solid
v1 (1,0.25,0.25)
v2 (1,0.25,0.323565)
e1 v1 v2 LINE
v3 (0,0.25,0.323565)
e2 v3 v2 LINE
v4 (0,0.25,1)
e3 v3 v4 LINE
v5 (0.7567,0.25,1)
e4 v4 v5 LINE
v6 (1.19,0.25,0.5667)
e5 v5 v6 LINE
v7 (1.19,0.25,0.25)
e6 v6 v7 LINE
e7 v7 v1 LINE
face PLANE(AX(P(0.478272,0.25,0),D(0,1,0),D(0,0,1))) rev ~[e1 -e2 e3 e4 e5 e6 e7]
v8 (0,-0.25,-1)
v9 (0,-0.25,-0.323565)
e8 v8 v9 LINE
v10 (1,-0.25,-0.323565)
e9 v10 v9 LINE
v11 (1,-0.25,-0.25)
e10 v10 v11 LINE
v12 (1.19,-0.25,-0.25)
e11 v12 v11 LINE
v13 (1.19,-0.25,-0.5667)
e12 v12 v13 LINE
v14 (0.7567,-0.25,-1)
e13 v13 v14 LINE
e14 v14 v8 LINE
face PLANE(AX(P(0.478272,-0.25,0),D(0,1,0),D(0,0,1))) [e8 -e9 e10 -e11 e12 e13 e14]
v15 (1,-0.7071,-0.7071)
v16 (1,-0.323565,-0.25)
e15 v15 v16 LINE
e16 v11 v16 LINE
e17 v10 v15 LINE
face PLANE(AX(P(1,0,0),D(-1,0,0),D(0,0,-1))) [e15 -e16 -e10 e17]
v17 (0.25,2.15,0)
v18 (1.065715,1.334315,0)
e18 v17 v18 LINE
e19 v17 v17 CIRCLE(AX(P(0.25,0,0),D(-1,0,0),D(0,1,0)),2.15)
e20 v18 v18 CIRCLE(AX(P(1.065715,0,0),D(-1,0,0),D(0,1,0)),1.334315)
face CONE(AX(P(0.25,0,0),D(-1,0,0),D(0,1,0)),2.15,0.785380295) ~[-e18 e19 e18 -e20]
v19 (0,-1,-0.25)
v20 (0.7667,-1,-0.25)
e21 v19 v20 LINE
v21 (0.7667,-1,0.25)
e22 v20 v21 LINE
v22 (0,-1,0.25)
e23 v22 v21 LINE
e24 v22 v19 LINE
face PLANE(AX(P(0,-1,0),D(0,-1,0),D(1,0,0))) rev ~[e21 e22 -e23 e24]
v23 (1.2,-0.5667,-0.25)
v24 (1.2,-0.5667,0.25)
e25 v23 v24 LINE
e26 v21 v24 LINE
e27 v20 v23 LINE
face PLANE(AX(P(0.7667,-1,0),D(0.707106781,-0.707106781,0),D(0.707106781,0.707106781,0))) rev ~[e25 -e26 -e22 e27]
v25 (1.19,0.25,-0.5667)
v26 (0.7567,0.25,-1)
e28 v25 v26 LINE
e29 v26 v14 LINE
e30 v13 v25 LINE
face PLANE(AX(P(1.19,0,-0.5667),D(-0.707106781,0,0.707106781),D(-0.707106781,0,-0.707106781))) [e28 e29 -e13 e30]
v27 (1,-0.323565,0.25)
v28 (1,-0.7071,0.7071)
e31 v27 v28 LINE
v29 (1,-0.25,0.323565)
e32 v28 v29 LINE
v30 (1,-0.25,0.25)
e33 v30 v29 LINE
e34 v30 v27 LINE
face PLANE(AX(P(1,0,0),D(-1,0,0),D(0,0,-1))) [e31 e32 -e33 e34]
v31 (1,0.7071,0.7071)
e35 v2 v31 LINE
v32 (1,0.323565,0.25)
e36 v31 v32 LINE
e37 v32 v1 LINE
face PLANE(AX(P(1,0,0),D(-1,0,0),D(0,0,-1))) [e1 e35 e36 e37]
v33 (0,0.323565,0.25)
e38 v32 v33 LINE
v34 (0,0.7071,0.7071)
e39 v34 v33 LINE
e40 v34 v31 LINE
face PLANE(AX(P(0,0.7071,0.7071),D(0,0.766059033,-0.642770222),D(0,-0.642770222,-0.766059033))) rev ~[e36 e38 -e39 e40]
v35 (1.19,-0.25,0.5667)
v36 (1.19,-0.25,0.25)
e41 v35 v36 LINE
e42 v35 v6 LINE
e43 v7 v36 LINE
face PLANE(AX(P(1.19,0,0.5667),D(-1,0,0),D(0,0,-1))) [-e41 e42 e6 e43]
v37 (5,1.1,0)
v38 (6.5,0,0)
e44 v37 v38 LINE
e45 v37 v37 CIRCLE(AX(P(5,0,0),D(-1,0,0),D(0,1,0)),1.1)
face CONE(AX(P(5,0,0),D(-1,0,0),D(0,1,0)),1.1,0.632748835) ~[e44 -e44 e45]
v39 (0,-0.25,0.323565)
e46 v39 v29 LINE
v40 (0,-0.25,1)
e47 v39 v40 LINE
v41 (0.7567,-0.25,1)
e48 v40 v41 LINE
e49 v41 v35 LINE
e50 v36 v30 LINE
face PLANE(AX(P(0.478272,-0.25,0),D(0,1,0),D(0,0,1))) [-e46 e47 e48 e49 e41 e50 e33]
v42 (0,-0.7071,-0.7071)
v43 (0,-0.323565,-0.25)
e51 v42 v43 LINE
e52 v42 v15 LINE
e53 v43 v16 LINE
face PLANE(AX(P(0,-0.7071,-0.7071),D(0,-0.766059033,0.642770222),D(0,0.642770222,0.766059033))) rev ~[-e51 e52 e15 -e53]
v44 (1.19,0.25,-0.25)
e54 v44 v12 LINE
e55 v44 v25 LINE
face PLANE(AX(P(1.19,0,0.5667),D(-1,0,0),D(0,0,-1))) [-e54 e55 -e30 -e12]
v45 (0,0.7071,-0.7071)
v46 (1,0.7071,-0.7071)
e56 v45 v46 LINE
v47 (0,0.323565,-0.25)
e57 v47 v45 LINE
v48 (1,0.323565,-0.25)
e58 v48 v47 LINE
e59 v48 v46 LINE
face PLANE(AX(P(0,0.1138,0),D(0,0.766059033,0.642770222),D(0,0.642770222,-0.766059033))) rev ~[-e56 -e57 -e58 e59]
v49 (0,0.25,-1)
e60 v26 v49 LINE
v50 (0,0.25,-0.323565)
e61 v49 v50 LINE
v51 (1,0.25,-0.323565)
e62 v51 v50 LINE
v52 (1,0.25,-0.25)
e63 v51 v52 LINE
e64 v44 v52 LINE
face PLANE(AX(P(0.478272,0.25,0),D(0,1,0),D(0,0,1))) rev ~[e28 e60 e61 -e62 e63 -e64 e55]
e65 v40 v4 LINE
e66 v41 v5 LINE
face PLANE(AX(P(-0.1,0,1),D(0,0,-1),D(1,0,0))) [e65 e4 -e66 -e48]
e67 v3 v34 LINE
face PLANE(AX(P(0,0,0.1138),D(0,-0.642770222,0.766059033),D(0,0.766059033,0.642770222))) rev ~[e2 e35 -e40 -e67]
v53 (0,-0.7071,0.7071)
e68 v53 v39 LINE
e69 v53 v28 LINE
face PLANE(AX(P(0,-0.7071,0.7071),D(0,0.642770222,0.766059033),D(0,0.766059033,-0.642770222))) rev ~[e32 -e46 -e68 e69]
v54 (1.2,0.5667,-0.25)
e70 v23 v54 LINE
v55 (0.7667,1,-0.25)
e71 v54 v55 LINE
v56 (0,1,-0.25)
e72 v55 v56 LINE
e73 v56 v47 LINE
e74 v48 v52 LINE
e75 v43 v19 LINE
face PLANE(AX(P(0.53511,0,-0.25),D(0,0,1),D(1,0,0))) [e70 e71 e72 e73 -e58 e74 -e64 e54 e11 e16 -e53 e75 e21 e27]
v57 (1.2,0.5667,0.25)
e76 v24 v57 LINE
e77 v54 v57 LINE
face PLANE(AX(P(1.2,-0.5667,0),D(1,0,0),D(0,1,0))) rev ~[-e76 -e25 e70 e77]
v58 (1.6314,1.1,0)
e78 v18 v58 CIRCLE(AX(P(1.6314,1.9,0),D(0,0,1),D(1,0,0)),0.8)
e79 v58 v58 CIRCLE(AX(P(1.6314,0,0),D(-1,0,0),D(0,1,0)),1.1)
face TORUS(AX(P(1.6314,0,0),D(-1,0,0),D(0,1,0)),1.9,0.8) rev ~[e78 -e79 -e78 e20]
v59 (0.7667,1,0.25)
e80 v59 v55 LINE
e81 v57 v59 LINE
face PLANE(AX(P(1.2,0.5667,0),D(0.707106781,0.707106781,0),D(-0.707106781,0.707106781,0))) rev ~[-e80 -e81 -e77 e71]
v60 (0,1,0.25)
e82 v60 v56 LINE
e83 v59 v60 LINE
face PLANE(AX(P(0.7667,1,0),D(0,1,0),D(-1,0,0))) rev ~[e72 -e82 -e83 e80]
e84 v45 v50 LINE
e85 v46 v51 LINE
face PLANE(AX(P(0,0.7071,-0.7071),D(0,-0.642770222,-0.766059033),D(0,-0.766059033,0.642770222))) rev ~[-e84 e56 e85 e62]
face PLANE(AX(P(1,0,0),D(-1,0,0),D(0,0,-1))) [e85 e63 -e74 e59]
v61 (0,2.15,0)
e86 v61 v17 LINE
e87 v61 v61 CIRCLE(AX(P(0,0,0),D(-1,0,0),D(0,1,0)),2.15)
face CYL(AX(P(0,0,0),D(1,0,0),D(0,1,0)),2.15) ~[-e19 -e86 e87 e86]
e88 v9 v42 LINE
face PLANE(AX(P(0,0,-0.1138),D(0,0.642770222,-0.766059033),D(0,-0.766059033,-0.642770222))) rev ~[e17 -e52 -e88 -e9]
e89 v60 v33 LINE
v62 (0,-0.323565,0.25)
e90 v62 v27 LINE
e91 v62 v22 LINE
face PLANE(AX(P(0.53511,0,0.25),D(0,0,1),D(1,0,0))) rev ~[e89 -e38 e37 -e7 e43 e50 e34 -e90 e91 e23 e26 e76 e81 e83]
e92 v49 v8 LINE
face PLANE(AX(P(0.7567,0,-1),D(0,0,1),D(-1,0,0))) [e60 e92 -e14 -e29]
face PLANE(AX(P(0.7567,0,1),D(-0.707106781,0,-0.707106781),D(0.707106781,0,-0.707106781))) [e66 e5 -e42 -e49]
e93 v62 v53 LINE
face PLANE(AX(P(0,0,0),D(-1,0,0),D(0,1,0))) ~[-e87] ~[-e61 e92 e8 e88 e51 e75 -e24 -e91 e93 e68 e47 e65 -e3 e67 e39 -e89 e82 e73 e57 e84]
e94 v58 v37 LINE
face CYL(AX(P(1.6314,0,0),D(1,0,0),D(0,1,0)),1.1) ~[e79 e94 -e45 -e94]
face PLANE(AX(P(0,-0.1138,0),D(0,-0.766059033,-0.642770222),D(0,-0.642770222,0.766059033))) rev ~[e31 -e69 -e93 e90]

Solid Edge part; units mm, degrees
sketch "Sketch1" plane through (0, 0, 0) normal (0, 0, 1) x (1, 0, 0)
  line L0 (0, 0) -> (0, 2.15)
  line L1 (0, 2.15) -> (0.25, 2.15)
  line L2 (0.25, 2.15) -> (1.0657, 1.3343)
  arc A0 (1.0657, 1.3343) -> (1.6314, 1.1) centre (1.6314, 1.9) ccw
  line L3 (1.6314, 1.1) -> (5, 1.1)
  line L4 (5, 1.1) -> (6.5, 0)
  line L5 (6.5, 0) -> (0, 0)
revolve "RevolvedProtrusion1" add sketch "Sketch1" angle 360 about axis through (10.8, 0, 0) along (-1, 0, 0)
cosmetic_thread "Thread_1" size "M2.2" thread depth 2.9
sketch "Sketch2" plane through (0, 0, 0) normal (0, 0, 1) x (1, 0, 0)
  line L0 (0, -1) -> (0.7667, -1)
  line L1 (0.7667, -1) -> (1.2, -0.5667)
  line L2 (1.2, -0.5667) -> (1.2, 0.5667)
  line L3 (1.2, 0.5667) -> (0.7667, 1)
  line L4 (0.7667, 1) -> (0, 1)
  line L5 (0, 1) -> (0, -1)
extrude "ExtrudedCutout_1" cut sketch "Sketch2" against normal blind 0.25 and the other way blind 0.25
sketch "Sketch3" plane through (0, 0, 0) normal (0, -1, 0) x (1, 0, 0)
  line L0 (-0.1, 1) -> (0.7567, 1)
  line L1 (0.7567, 1) -> (1.19, 0.5667)
  line L2 (1.19, 0.5667) -> (1.19, -0.5667)
  line L3 (1.19, -0.5667) -> (0.7567, -1)
  line L4 (0.7567, -1) -> (-0.1, -1)
  line L5 (-0.1, -1) -> (-0.1, 1)
extrude "ExtrudedCutout_2" cut sketch "Sketch3" against normal blind 0.25 and the other way blind 0.25
sketch "Sketch4" plane through (0, 0, 0) normal (-1, 0, 0) x (0, -1, 0)
  line L0 (0.7071, 0.7071) -> (0, 0.1138)
  line L1 (0, 0.1138) -> (-0.7071, 0.7071)
  line L2 (-0.7071, 0.7071) -> (-0.1138, 0)
  line L3 (-0.1138, 0) -> (-0.7071, -0.7071)
  line L4 (-0.7071, -0.7071) -> (0, -0.1138)
  line L5 (0, -0.1138) -> (0.7071, -0.7071)
  line L6 (0.7071, -0.7071) -> (0.1138, 0)
  line L7 (0.1138, 0) -> (0.7071, 0.7071)
extrude "ExtrudedCutout_3" cut sketch "Sketch4" against normal blind 1
properties part number "bene_inox_212408-2,2X6,5"
